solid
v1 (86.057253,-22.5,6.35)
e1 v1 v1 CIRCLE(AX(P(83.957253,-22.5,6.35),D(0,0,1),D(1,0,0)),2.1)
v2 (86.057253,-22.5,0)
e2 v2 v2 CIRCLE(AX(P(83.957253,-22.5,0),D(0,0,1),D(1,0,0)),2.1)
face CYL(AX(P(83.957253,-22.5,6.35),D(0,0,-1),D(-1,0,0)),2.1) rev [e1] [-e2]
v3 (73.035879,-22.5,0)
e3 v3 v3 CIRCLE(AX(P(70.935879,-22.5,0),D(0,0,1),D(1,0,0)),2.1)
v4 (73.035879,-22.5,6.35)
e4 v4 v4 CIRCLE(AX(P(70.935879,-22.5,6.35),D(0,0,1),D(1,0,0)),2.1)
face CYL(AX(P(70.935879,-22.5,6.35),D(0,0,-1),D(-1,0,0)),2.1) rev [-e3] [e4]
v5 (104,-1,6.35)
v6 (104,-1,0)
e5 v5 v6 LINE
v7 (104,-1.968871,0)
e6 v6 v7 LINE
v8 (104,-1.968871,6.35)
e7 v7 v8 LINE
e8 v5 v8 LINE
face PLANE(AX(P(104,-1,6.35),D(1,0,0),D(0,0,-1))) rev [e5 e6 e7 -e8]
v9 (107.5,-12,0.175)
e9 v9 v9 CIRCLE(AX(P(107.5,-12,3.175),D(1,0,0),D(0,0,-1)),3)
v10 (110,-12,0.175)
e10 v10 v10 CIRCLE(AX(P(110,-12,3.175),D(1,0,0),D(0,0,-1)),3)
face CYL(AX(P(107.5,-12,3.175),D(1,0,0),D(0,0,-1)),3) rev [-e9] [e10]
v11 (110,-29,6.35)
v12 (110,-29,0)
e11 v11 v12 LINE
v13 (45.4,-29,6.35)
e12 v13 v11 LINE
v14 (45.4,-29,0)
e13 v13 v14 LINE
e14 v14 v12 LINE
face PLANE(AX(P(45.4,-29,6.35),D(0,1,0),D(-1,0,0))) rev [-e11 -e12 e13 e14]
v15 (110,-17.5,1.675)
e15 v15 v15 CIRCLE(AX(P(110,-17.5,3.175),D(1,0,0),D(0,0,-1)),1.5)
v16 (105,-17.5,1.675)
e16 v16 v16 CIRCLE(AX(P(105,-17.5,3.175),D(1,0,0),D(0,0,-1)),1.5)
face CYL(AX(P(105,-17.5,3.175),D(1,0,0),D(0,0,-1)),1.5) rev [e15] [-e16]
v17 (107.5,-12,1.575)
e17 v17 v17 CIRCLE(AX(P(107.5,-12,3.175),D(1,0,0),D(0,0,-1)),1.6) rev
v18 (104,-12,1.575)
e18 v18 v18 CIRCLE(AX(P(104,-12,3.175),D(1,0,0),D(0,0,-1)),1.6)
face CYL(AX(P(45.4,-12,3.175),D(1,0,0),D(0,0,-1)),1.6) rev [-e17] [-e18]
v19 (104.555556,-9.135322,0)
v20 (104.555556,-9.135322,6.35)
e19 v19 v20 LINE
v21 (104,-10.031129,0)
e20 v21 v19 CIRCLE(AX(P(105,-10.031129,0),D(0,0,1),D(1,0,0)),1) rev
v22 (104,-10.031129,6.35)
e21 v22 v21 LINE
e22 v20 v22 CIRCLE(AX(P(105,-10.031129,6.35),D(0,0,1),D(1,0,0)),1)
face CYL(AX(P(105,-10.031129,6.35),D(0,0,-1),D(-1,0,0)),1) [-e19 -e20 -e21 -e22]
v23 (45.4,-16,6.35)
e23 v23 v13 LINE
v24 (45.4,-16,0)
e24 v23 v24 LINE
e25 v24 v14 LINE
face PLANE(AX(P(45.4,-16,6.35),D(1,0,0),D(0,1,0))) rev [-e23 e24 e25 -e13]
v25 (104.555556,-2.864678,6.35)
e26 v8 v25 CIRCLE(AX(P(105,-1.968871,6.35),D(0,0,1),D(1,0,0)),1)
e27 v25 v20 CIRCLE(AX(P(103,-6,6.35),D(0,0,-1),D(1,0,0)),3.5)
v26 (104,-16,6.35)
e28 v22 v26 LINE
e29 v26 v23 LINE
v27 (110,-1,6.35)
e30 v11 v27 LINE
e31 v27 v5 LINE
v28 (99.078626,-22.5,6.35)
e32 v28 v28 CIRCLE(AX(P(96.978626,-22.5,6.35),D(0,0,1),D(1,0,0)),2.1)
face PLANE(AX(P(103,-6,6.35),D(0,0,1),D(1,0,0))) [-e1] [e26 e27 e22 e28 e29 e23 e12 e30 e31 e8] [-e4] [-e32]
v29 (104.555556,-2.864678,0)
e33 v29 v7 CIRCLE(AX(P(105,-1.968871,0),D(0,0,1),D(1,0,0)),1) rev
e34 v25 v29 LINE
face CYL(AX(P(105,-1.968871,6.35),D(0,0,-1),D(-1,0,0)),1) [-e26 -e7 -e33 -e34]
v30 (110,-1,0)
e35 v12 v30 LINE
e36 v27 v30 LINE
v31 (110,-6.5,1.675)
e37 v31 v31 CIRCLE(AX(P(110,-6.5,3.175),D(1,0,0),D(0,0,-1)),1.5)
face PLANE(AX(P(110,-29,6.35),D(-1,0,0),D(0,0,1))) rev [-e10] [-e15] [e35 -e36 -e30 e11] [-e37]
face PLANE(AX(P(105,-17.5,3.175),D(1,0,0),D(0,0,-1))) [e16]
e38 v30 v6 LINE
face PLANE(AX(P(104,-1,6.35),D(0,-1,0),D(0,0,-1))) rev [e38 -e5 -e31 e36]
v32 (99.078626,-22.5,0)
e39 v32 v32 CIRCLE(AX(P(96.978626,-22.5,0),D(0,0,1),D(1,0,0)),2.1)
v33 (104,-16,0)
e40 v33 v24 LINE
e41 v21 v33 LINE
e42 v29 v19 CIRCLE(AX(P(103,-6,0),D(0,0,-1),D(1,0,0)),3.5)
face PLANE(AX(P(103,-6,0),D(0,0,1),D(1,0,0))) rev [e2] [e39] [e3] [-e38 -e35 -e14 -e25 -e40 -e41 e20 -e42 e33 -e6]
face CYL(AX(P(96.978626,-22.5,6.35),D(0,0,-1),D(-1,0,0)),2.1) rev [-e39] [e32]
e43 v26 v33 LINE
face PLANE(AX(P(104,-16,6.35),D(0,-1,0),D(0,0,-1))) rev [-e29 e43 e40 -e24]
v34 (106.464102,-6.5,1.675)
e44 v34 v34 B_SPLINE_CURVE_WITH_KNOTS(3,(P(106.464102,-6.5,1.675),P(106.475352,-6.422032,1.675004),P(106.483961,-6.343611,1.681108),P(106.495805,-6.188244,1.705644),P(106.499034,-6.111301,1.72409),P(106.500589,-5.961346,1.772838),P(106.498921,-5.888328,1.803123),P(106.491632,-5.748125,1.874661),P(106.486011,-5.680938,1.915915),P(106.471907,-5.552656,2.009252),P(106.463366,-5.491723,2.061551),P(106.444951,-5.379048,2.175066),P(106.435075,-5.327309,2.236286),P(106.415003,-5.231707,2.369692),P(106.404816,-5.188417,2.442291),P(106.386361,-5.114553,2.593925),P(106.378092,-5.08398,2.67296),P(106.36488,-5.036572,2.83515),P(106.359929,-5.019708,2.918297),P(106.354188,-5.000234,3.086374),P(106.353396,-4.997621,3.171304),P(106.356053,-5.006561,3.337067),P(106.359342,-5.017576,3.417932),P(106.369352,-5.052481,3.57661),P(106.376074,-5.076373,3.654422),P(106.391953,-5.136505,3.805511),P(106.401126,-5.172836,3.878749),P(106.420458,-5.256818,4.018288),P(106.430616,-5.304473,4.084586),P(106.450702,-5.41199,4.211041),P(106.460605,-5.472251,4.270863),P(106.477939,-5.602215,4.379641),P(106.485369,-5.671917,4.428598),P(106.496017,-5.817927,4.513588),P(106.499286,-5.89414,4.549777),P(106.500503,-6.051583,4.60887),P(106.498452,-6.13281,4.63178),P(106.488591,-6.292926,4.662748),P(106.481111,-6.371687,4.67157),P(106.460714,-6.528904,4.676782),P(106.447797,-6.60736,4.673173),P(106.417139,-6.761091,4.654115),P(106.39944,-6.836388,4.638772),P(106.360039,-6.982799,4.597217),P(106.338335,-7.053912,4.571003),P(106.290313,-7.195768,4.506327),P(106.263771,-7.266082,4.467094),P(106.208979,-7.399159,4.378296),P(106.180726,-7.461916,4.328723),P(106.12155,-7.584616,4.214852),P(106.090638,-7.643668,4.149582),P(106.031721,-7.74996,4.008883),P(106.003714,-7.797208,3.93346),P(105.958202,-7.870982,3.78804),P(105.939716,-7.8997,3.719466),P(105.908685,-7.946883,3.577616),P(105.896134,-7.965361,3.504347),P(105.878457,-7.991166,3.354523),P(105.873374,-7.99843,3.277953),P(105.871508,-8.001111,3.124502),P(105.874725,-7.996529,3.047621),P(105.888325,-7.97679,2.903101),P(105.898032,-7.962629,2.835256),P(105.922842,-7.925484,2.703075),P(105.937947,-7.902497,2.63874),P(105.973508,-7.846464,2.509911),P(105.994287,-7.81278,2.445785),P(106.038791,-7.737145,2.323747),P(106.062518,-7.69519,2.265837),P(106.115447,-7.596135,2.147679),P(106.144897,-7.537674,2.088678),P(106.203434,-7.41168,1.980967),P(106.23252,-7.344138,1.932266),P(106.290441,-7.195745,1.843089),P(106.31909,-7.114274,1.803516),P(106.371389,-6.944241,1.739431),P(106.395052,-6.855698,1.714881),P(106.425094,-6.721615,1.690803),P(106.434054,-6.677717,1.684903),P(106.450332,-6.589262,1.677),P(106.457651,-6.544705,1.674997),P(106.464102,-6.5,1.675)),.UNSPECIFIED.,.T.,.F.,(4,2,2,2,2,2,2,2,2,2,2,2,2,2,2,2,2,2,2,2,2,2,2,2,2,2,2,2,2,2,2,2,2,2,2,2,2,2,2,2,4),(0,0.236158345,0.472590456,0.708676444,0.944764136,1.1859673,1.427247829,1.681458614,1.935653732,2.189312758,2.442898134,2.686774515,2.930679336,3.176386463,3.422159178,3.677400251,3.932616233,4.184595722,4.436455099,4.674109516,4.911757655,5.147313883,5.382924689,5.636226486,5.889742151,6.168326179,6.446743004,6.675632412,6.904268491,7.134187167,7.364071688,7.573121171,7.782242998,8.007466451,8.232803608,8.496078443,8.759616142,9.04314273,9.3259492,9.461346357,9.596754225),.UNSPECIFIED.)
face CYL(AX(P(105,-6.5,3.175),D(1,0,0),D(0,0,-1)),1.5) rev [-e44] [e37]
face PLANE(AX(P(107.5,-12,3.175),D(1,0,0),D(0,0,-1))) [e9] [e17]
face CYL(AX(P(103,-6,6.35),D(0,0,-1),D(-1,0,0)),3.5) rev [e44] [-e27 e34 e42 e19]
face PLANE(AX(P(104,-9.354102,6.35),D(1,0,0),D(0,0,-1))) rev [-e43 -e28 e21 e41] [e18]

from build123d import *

# Parameters (mm, degrees)
SKETCH1_R           = 2.1
BOSS_EXTRUDE1_DEPTH = 6.35
SKETCH2_R           = 1.6
CUT_EXTRUDE1_DEPTH  = 65.6
SKETCH3_R           = 3
CUT_EXTRUDE2_DEPTH  = 2.5
SKETCH4_R           = 1.5
CUT_EXTRUDE3_DEPTH  = 5
FILLET1_R           = 1


with BuildPart() as part:
    # Sketch1 → Boss-Extrude1 (new body)
    with BuildSketch(Plane.XY):
        with BuildLine():
            Line((45.4, -16), (45.4, -29))
            Line((45.4, -29), (110, -29))
            Line((110, -29), (110, -1))
            Line((110, -1), (104, -1))
            Line((104, -1), (104, -2.645898034))
            ThreePointArc((104, -2.645898034), (106.5, -6), (104, -9.354101966))
            Line((104, -9.354101966), (104, -16))
            Line((104, -16), (99, -16))
            Line((99, -16), (45.4, -16))
        make_face()
        with Locations((96.978626472, -22.5)):
            Circle(SKETCH1_R, mode=Mode.SUBTRACT)
        with Locations((83.957252945, -22.5)):
            Circle(SKETCH1_R, mode=Mode.SUBTRACT)
        with Locations((70.935879417, -22.5)):
            Circle(SKETCH1_R, mode=Mode.SUBTRACT)
    extrude(amount=BOSS_EXTRUDE1_DEPTH)

    # Sketch2 → Cut-Extrude1 (cut, through all)
    with BuildSketch(Plane(origin=(110, 0, 0), x_dir=(0, 0, -1), z_dir=(1, 0, 0))):
        with Locations((-3.175, -12)):
            Circle(SKETCH2_R)
    extrude(amount=-CUT_EXTRUDE1_DEPTH, mode=Mode.SUBTRACT)

    # Sketch3 → Cut-Extrude2 (cut)
    with BuildSketch(Plane(origin=(110, 0, 0), x_dir=(0, 0, -1), z_dir=(1, 0, 0))):
        with Locations((-3.175, -12)):
            Circle(SKETCH3_R)
    extrude(amount=-CUT_EXTRUDE2_DEPTH, mode=Mode.SUBTRACT)

    # Sketch4 → Cut-Extrude3 (cut)
    with BuildSketch(Plane(origin=(110, 0, 0), x_dir=(0, 0, -1), z_dir=(1, 0, 0))):
        with Locations((-3.175, -17.5)):
            Circle(SKETCH4_R)
        with Locations((-3.175, -6.5)):
            Circle(SKETCH4_R)
    extrude(amount=-CUT_EXTRUDE3_DEPTH, mode=Mode.SUBTRACT)

    # Fillet1
    fillet1_edges = [part.edges().sort_by_distance(p)[0] for p in [
        (104, -9.354101966, 3.175),
        (104, -2.645898034, 3.175),
    ]]
    fillet(fillet1_edges, radius=FILLET1_R)


solid = part.part
